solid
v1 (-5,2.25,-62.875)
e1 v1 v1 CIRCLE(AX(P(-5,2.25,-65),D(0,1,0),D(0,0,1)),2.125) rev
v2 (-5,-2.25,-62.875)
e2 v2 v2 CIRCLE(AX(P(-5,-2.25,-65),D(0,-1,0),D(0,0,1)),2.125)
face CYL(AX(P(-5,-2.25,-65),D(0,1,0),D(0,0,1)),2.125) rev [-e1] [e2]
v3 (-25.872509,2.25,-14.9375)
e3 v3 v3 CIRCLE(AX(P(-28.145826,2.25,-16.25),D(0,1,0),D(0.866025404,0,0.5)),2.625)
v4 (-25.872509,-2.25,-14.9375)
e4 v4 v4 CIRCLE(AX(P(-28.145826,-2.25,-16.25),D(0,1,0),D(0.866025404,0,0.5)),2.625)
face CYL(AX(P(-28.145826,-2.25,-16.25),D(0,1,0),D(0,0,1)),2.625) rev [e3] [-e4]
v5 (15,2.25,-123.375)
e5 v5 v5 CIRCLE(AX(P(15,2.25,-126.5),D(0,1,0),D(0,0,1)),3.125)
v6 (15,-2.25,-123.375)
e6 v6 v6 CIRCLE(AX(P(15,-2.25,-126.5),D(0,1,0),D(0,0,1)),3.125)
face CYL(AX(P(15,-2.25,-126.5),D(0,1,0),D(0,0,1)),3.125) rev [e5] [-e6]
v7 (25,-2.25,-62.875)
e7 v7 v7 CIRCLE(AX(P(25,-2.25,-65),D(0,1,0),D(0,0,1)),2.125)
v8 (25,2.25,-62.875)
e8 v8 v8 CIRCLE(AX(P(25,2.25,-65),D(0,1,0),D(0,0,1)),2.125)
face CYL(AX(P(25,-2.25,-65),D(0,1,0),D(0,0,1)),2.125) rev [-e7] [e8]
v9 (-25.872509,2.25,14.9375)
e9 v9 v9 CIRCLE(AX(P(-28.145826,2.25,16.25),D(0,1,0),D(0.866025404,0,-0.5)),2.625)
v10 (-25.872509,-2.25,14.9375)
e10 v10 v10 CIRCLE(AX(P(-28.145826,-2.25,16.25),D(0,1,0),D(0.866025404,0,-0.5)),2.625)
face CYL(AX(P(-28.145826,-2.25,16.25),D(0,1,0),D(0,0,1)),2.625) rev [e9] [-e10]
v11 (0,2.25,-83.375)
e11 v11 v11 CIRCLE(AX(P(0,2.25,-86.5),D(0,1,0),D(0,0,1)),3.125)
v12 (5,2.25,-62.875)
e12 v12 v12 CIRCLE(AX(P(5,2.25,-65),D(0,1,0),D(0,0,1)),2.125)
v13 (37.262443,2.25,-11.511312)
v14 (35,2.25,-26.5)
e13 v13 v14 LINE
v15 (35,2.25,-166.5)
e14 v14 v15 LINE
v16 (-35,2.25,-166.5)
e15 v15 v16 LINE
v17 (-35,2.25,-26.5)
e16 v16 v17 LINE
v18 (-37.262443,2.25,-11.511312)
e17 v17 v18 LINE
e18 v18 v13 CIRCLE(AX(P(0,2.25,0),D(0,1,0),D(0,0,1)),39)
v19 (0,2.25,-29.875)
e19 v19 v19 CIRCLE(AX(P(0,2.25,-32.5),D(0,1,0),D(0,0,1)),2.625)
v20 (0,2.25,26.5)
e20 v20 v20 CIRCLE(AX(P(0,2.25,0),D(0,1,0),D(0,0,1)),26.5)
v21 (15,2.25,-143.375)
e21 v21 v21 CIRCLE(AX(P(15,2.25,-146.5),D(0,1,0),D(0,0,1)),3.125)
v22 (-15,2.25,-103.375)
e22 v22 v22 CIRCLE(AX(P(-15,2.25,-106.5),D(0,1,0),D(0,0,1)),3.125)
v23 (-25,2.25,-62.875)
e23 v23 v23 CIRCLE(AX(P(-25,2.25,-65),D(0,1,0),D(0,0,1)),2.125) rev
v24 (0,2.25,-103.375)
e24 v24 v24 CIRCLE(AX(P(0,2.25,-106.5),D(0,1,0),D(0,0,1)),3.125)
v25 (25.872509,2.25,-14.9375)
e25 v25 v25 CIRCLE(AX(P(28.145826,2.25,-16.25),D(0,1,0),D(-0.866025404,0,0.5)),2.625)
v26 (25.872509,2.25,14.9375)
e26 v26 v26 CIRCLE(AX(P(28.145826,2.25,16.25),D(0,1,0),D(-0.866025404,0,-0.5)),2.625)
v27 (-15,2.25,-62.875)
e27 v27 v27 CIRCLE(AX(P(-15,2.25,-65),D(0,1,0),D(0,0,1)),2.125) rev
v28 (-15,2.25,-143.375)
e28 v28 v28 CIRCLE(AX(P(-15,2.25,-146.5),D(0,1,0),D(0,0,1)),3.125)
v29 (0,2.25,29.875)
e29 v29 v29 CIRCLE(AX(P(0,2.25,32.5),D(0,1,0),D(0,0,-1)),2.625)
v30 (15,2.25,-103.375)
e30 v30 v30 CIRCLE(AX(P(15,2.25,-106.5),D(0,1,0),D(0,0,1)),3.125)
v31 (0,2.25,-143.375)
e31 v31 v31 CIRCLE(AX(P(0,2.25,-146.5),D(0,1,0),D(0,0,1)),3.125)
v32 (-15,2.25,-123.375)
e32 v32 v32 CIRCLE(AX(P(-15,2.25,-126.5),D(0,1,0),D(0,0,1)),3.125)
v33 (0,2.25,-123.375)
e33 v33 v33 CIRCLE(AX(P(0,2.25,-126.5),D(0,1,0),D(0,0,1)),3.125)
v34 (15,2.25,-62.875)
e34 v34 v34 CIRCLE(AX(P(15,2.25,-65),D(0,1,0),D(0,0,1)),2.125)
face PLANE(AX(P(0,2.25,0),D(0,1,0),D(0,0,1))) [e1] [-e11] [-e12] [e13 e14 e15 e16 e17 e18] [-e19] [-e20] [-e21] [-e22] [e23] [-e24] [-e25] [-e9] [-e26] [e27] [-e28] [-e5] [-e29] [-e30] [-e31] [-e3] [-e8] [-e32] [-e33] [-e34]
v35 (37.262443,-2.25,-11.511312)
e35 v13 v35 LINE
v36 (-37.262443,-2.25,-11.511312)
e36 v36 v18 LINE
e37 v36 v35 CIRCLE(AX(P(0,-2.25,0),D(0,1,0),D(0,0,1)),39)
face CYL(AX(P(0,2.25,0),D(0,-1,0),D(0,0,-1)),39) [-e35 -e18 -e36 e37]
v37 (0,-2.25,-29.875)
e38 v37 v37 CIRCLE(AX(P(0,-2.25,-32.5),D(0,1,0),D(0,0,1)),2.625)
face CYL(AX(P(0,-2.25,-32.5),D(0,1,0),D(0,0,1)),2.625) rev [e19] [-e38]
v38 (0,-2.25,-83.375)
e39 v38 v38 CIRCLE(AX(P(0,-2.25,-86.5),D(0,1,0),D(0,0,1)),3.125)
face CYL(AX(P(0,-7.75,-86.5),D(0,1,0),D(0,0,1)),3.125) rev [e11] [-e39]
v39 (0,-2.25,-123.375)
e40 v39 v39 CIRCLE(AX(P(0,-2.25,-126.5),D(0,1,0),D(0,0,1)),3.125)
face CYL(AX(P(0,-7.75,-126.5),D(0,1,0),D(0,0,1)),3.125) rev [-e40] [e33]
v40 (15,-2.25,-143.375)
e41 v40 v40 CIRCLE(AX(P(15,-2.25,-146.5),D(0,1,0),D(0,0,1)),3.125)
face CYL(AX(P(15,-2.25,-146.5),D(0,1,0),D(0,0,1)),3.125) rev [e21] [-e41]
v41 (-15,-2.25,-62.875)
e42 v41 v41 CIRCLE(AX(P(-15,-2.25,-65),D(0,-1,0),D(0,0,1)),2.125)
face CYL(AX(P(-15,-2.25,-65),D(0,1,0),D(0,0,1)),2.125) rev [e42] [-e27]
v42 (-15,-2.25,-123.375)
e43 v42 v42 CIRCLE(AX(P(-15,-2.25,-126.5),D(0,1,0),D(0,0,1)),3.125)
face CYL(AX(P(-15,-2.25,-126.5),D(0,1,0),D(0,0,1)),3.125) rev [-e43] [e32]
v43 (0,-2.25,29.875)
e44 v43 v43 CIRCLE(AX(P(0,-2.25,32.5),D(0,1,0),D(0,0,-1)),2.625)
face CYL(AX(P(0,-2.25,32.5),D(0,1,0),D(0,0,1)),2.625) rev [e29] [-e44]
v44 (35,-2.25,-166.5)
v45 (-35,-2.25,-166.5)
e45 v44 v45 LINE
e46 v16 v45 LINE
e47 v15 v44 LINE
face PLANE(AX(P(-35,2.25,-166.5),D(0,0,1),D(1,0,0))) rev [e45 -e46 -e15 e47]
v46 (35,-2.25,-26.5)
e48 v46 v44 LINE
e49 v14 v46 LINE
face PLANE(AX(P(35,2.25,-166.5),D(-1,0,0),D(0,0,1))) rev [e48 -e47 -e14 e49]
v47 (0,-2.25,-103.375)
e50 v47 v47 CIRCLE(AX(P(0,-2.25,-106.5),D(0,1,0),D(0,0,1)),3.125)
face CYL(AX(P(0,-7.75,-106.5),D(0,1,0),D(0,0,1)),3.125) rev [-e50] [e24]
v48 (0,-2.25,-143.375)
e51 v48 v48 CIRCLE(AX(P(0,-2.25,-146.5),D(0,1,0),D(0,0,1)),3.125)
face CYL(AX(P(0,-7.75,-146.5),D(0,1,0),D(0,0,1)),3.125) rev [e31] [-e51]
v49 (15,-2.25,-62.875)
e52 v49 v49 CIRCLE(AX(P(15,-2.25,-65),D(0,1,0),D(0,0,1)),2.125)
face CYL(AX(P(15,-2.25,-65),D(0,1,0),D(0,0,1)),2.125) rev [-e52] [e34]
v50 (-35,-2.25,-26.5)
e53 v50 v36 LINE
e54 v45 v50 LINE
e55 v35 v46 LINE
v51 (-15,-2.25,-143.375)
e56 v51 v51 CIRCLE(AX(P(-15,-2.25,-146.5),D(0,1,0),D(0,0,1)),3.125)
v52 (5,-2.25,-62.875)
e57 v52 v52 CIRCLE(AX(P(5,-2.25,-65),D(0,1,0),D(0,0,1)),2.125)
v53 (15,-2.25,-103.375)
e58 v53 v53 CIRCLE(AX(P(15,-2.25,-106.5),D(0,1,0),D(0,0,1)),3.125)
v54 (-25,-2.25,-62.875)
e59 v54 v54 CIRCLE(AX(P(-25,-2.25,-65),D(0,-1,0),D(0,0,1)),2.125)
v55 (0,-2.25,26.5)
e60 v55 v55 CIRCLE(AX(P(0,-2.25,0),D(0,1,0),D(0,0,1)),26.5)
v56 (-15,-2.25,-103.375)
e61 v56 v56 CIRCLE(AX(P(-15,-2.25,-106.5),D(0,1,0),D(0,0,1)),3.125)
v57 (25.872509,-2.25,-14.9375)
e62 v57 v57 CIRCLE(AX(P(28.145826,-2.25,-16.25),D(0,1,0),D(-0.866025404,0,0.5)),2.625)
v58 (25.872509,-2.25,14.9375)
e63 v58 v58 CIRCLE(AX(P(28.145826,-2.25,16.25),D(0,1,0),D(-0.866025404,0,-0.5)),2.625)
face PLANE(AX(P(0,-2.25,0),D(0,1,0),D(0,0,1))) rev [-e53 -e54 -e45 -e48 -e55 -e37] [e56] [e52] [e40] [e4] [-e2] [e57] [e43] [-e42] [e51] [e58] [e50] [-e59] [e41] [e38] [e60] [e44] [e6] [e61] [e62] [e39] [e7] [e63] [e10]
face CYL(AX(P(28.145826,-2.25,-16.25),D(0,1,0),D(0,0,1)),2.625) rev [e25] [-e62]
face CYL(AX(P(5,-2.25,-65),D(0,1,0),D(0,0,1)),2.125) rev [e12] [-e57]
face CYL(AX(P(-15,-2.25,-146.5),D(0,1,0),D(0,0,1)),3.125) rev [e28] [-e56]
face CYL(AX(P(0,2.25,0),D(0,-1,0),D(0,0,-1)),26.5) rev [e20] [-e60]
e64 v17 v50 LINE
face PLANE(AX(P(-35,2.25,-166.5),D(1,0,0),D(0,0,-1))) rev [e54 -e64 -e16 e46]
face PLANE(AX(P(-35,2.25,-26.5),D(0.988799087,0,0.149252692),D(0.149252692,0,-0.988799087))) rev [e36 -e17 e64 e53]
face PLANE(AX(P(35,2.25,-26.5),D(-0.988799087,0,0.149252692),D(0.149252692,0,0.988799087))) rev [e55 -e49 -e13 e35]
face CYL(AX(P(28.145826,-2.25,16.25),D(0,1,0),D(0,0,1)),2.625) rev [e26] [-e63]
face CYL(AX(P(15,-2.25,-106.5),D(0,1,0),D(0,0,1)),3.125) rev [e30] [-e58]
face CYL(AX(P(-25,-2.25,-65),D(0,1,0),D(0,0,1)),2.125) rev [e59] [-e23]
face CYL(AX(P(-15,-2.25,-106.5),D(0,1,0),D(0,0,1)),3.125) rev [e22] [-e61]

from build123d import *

# Parameters (mm, degrees)
SKETCH1_R               = 39
SKETCH1_R_2             = 26.5
BOSS_EXTRUDE1_DEPTH     = 2.25
SKETCH3_W               = 50
SKETCH3_H               = 51.5
BOSS_EXTRUDE2_DEPTH     = 2.25
BOSS_EXTRUDE4_DEPTH     = 2.25
SKETCH2_R               = 2.625
CUT_EXTRUDE1_DEPTH      = 3.25
CIRPATTERN1_COUNT       = 6
CUT_EXTRUDE3_START      = -5.5
SKETCH7_R               = 3.125
CUT_EXTRUDE3_DEPTH      = 6.5
LPATTERN3_COUNT         = 3
LPATTERN3_PITCH         = 20
SKETCH8_R               = 3.125
CUT_EXTRUDE4_DEPTH      = 10
LPATTERN4_COUNT         = 4
LPATTERN4_PITCH         = 20
CUT_EXTRUDE5_START      = -5.5
SKETCH9_R               = 2.125
CUT_EXTRUDE5_DEPTH      = 6.5
LPATTERN5_COUNT         = 3
LPATTERN5_PITCH         = 10
MIRROR1_START           = -5.5
MIRROR1_COPY_1_SKETCH_R = 2.125
MIRROR1_COPY_1_DEPTH    = 6.5
MIRROR1_COPY_2_SKETCH_R = 2.125
MIRROR1_COPY_2_DEPTH    = 6.5


with BuildPart() as part:
    # Sketch1 → Boss-Extrude1 (new body, symmetric)
    with BuildSketch(Plane(origin=(0, 0, 0), x_dir=(1, 0, 0), z_dir=(0, 1, 0))):
        Circle(SKETCH1_R)
        Circle(SKETCH1_R_2, mode=Mode.SUBTRACT)
    extrude(amount=BOSS_EXTRUDE1_DEPTH, both=True)

    # Sketch3 → Boss-Extrude2 (add, symmetric)
    with BuildSketch(Plane(origin=(0, 0, 0), x_dir=(1, 0, 0), z_dir=(0, 1, 0))):
        with Locations((0, 52.25)):
            Rectangle(SKETCH3_W, SKETCH3_H)
    extrude(amount=BOSS_EXTRUDE2_DEPTH, both=True)

    # Sketch6 → Boss-Extrude4 (add, symmetric)
    with BuildSketch(Plane(origin=(0, 0, 0), x_dir=(1, 0, 0), z_dir=(0, 1, 0))):
        Polygon((-35, 166.5), (-35, 26.5), (-39, 0), (-14.981514186, 26.5), (16.520833333, 26.5), (39, 0), (35, 26.5), (35, 166.5), align=None)
    extrude(amount=BOSS_EXTRUDE4_DEPTH, both=True)

    # Sketch2 → Cut-Extrude1 (cut, symmetric)
    with BuildSketch(Plane(origin=(0, 0, 0), x_dir=(1, 0, 0), z_dir=(0, 1, 0))):
        with Locations((0, 32.5)):
            Circle(SKETCH2_R)
    cut_extrude1 = extrude(amount=CUT_EXTRUDE1_DEPTH, both=True, mode=Mode.SUBTRACT)

    # CirPattern1: Cut-Extrude1 ×6 about axis
    cirpattern1_axis = Axis((0, 0, 0), (0, 1, 0))
    for i in range(1, CIRPATTERN1_COUNT):
        add(cut_extrude1.rotate(cirpattern1_axis, i * 360 / CIRPATTERN1_COUNT), mode=Mode.SUBTRACT)

    # Sketch7 → Cut-Extrude3 (cut)
    with BuildSketch(Plane(origin=(0, 2.25, 0), x_dir=(1, 0, 0), z_dir=(0, 1, 0)).offset(CUT_EXTRUDE3_START)):
        with Locations((-15, 146.5)):
            Circle(SKETCH7_R)
        with Locations((15, 146.5)):
            Circle(SKETCH7_R)
    cut_extrude3 = extrude(amount=CUT_EXTRUDE3_DEPTH, mode=Mode.SUBTRACT)

    # LPattern3: Cut-Extrude3 ×3
    with Locations(*[(0, 0, i * LPATTERN3_PITCH) for i in range(1, LPATTERN3_COUNT)]):
        add(cut_extrude3, mode=Mode.SUBTRACT)

    # Sketch8 → Cut-Extrude4 (cut)
    with BuildSketch(Plane(origin=(0, 2.25, 0), x_dir=(1, 0, 0), z_dir=(0, 1, 0))):
        with Locations((0, 146.5)):
            Circle(SKETCH8_R)
    cut_extrude4 = extrude(amount=-CUT_EXTRUDE4_DEPTH, mode=Mode.SUBTRACT)

    # LPattern4: Cut-Extrude4 ×4
    with Locations(*[(0, 0, i * LPATTERN4_PITCH) for i in range(1, LPATTERN4_COUNT)]):
        add(cut_extrude4, mode=Mode.SUBTRACT)

    # Sketch9 → Cut-Extrude5 (cut)
    with BuildSketch(Plane(origin=(0, 2.25, 0), x_dir=(1, 0, 0), z_dir=(0, 1, 0)).offset(CUT_EXTRUDE5_START)):
        with Locations((25, 65)):
            Circle(SKETCH9_R)
    cut_extrude5 = extrude(amount=CUT_EXTRUDE5_DEPTH, mode=Mode.SUBTRACT)

    # LPattern5: Cut-Extrude5 ×3
    with Locations(*[(-i * LPATTERN5_PITCH, 0, 0) for i in range(1, LPATTERN5_COUNT)]):
        add(cut_extrude5, mode=Mode.SUBTRACT)

    # Mirror1: Cut-Extrude5 across plane
    add(cut_extrude5.mirror(Plane(origin=(0, 0, 0), x_dir=(0, 0, 1), z_dir=(1, 0, 0))), mode=Mode.SUBTRACT)

    # Mirror1 copy 1 sketch → Mirror1 copy 1 (cut)
    with BuildSketch(Plane(origin=(10, 2.25, 0), x_dir=(-1, 0, 0), z_dir=(0, 1, 0)).offset(MIRROR1_START)):
        with Locations((25, -65)):
            Circle(MIRROR1_COPY_1_SKETCH_R)
    extrude(amount=MIRROR1_COPY_1_DEPTH, mode=Mode.SUBTRACT)

    # Mirror1 copy 2 sketch → Mirror1 copy 2 (cut)
    with BuildSketch(Plane(origin=(20, 2.25, 0), x_dir=(-1, 0, 0), z_dir=(0, 1, 0)).offset(MIRROR1_START)):
        with Locations((25, -65)):
            Circle(MIRROR1_COPY_2_SKETCH_R)
    extrude(amount=MIRROR1_COPY_2_DEPTH, mode=Mode.SUBTRACT)


solid = part.part
